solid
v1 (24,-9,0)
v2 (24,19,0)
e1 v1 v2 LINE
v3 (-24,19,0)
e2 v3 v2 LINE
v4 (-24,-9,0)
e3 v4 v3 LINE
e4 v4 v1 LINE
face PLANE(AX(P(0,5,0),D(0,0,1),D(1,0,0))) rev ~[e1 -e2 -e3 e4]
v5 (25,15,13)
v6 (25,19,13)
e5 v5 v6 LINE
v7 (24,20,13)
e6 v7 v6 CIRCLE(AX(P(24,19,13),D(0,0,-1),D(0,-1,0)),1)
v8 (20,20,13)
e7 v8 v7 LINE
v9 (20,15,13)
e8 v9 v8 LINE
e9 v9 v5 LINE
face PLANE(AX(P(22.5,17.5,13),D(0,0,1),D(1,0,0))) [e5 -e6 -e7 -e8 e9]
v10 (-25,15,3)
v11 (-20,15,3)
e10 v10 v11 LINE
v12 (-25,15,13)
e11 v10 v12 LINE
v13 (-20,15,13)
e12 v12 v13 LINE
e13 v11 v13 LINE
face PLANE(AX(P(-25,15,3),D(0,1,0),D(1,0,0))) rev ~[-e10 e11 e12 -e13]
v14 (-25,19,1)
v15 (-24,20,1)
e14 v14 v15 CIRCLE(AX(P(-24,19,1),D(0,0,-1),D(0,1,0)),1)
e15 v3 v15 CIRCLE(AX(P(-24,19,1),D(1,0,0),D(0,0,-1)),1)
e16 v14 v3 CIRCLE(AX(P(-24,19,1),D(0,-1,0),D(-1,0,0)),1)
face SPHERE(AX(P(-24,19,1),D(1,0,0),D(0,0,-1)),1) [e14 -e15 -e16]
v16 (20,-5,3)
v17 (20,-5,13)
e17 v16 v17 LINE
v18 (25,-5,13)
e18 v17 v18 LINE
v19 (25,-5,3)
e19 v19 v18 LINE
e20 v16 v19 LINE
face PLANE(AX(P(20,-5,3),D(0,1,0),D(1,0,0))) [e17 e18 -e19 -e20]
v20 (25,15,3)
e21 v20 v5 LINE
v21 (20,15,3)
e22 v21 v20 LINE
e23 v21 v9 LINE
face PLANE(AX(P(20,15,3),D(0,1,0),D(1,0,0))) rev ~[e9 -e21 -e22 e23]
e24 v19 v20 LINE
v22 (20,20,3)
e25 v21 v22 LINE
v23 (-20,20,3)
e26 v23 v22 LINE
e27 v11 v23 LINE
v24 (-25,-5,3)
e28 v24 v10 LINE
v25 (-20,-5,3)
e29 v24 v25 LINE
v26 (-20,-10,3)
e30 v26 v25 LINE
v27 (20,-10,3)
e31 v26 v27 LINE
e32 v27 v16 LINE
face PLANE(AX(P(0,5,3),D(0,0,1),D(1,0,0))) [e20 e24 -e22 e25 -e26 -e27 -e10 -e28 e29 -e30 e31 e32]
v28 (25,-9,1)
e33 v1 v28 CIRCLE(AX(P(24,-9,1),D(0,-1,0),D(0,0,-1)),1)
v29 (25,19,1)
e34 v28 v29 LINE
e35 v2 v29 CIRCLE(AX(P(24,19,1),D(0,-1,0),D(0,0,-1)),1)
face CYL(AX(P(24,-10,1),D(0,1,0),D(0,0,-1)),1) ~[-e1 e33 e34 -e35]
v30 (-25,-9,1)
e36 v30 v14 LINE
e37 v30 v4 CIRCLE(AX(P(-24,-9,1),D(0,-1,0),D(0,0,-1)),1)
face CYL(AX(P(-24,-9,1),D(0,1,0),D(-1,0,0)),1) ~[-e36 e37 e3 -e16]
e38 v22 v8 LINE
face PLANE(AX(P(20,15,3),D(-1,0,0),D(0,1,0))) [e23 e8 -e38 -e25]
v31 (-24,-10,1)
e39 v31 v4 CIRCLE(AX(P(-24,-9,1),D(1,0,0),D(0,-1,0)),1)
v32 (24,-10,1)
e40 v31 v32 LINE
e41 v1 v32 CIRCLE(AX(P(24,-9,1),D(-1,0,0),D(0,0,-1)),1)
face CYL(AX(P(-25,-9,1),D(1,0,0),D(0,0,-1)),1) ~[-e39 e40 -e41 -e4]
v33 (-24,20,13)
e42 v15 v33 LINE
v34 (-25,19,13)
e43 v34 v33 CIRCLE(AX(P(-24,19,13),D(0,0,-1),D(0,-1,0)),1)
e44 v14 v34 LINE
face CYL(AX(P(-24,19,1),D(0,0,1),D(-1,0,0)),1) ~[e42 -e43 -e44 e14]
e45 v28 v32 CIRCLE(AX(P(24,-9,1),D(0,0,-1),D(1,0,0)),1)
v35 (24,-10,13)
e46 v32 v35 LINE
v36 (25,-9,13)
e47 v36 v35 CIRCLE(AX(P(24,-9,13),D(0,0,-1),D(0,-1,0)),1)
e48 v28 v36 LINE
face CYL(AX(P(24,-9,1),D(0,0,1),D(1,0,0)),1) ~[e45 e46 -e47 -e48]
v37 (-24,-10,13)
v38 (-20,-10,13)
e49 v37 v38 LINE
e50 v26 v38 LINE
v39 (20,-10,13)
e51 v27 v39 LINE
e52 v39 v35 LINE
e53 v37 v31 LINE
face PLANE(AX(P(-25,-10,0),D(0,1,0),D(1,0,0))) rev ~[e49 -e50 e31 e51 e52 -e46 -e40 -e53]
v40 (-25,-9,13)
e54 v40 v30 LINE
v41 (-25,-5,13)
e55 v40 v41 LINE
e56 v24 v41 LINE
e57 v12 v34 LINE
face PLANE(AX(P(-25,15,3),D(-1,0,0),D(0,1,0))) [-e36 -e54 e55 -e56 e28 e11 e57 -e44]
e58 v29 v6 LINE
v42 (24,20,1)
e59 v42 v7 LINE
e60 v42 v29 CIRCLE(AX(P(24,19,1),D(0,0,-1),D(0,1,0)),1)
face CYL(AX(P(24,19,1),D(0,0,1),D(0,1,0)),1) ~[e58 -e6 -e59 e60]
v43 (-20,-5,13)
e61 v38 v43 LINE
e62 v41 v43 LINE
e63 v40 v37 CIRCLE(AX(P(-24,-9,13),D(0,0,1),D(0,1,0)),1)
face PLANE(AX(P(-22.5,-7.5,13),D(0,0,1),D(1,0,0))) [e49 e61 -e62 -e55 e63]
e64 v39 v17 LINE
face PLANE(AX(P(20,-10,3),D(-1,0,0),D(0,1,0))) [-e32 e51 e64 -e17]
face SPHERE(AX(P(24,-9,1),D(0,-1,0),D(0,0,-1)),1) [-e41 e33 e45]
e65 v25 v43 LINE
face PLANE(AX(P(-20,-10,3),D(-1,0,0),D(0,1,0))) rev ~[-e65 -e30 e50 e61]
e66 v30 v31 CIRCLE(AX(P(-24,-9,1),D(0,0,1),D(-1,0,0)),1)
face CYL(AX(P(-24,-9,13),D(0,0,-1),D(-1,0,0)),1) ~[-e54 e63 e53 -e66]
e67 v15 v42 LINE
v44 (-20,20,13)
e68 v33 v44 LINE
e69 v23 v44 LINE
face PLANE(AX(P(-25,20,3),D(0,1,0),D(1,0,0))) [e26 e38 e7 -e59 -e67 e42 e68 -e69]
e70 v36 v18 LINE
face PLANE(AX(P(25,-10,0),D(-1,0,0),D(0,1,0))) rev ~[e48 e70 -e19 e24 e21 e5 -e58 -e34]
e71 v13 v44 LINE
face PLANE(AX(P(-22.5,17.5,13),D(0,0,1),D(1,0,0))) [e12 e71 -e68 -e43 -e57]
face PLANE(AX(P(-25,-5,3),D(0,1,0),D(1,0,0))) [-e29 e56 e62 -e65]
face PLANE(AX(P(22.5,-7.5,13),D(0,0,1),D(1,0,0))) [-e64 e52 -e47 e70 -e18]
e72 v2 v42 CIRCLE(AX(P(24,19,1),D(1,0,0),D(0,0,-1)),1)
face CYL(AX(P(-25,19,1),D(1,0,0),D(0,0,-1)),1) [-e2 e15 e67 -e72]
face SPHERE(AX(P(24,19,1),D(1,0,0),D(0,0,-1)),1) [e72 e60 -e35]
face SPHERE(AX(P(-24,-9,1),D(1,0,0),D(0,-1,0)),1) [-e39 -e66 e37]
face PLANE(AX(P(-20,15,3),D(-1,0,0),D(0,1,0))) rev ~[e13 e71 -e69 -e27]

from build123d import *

# Parameters (mm, degrees)
F0_W     = 50
F0_H     = 30
F1_DEPTH = 3
F2_W     = 5
F2_H     = 5
F3_DEPTH = 10
F4_R     = 1
F5_R     = 1
F6_R     = 1
F7_R     = 1


with BuildPart() as f1:
    # F0 (on Top) → F1 (new body)
    with BuildSketch(Plane.XY):
        with Locations((0, 5)):
            Rectangle(F0_W, F0_H)
    extrude(amount=F1_DEPTH)

    # F2 (on face) → F3 (join)
    with BuildSketch(Plane.XY.offset(3)):
        with Locations((-22.5, 17.5)):
            Rectangle(F2_W, F2_H)
        with Locations((22.5, 17.5)):
            Rectangle(F2_W, F2_H)
        with Locations((22.5, -7.5)):
            Rectangle(F2_W, F2_H)
        with Locations((-22.5, -7.5)):
            Rectangle(F2_W, F2_H)
    extrude(amount=F3_DEPTH)

    # F4
    f4_edges = [f1.edges().sort_by_distance(p)[0] for p in [
        (0, 20, 0),
    ]]
    fillet(f4_edges, radius=F4_R)

    # F5
    f5_edges = [f1.edges().sort_by_distance(p)[0] for p in [
        (25, 4.5, 0),
    ]]
    fillet(f5_edges, radius=F5_R)

    # F6
    f6_edges = [f1.edges().sort_by_distance(p)[0] for p in [
        (-0.5, -10, 0),
    ]]
    fillet(f6_edges, radius=F6_R)

    # F7
    f7_edges = [f1.edges().sort_by_distance(p)[0] for p in [
        (-25, 5, 0),
    ]]
    fillet(f7_edges, radius=F7_R)


solid = f1.part
